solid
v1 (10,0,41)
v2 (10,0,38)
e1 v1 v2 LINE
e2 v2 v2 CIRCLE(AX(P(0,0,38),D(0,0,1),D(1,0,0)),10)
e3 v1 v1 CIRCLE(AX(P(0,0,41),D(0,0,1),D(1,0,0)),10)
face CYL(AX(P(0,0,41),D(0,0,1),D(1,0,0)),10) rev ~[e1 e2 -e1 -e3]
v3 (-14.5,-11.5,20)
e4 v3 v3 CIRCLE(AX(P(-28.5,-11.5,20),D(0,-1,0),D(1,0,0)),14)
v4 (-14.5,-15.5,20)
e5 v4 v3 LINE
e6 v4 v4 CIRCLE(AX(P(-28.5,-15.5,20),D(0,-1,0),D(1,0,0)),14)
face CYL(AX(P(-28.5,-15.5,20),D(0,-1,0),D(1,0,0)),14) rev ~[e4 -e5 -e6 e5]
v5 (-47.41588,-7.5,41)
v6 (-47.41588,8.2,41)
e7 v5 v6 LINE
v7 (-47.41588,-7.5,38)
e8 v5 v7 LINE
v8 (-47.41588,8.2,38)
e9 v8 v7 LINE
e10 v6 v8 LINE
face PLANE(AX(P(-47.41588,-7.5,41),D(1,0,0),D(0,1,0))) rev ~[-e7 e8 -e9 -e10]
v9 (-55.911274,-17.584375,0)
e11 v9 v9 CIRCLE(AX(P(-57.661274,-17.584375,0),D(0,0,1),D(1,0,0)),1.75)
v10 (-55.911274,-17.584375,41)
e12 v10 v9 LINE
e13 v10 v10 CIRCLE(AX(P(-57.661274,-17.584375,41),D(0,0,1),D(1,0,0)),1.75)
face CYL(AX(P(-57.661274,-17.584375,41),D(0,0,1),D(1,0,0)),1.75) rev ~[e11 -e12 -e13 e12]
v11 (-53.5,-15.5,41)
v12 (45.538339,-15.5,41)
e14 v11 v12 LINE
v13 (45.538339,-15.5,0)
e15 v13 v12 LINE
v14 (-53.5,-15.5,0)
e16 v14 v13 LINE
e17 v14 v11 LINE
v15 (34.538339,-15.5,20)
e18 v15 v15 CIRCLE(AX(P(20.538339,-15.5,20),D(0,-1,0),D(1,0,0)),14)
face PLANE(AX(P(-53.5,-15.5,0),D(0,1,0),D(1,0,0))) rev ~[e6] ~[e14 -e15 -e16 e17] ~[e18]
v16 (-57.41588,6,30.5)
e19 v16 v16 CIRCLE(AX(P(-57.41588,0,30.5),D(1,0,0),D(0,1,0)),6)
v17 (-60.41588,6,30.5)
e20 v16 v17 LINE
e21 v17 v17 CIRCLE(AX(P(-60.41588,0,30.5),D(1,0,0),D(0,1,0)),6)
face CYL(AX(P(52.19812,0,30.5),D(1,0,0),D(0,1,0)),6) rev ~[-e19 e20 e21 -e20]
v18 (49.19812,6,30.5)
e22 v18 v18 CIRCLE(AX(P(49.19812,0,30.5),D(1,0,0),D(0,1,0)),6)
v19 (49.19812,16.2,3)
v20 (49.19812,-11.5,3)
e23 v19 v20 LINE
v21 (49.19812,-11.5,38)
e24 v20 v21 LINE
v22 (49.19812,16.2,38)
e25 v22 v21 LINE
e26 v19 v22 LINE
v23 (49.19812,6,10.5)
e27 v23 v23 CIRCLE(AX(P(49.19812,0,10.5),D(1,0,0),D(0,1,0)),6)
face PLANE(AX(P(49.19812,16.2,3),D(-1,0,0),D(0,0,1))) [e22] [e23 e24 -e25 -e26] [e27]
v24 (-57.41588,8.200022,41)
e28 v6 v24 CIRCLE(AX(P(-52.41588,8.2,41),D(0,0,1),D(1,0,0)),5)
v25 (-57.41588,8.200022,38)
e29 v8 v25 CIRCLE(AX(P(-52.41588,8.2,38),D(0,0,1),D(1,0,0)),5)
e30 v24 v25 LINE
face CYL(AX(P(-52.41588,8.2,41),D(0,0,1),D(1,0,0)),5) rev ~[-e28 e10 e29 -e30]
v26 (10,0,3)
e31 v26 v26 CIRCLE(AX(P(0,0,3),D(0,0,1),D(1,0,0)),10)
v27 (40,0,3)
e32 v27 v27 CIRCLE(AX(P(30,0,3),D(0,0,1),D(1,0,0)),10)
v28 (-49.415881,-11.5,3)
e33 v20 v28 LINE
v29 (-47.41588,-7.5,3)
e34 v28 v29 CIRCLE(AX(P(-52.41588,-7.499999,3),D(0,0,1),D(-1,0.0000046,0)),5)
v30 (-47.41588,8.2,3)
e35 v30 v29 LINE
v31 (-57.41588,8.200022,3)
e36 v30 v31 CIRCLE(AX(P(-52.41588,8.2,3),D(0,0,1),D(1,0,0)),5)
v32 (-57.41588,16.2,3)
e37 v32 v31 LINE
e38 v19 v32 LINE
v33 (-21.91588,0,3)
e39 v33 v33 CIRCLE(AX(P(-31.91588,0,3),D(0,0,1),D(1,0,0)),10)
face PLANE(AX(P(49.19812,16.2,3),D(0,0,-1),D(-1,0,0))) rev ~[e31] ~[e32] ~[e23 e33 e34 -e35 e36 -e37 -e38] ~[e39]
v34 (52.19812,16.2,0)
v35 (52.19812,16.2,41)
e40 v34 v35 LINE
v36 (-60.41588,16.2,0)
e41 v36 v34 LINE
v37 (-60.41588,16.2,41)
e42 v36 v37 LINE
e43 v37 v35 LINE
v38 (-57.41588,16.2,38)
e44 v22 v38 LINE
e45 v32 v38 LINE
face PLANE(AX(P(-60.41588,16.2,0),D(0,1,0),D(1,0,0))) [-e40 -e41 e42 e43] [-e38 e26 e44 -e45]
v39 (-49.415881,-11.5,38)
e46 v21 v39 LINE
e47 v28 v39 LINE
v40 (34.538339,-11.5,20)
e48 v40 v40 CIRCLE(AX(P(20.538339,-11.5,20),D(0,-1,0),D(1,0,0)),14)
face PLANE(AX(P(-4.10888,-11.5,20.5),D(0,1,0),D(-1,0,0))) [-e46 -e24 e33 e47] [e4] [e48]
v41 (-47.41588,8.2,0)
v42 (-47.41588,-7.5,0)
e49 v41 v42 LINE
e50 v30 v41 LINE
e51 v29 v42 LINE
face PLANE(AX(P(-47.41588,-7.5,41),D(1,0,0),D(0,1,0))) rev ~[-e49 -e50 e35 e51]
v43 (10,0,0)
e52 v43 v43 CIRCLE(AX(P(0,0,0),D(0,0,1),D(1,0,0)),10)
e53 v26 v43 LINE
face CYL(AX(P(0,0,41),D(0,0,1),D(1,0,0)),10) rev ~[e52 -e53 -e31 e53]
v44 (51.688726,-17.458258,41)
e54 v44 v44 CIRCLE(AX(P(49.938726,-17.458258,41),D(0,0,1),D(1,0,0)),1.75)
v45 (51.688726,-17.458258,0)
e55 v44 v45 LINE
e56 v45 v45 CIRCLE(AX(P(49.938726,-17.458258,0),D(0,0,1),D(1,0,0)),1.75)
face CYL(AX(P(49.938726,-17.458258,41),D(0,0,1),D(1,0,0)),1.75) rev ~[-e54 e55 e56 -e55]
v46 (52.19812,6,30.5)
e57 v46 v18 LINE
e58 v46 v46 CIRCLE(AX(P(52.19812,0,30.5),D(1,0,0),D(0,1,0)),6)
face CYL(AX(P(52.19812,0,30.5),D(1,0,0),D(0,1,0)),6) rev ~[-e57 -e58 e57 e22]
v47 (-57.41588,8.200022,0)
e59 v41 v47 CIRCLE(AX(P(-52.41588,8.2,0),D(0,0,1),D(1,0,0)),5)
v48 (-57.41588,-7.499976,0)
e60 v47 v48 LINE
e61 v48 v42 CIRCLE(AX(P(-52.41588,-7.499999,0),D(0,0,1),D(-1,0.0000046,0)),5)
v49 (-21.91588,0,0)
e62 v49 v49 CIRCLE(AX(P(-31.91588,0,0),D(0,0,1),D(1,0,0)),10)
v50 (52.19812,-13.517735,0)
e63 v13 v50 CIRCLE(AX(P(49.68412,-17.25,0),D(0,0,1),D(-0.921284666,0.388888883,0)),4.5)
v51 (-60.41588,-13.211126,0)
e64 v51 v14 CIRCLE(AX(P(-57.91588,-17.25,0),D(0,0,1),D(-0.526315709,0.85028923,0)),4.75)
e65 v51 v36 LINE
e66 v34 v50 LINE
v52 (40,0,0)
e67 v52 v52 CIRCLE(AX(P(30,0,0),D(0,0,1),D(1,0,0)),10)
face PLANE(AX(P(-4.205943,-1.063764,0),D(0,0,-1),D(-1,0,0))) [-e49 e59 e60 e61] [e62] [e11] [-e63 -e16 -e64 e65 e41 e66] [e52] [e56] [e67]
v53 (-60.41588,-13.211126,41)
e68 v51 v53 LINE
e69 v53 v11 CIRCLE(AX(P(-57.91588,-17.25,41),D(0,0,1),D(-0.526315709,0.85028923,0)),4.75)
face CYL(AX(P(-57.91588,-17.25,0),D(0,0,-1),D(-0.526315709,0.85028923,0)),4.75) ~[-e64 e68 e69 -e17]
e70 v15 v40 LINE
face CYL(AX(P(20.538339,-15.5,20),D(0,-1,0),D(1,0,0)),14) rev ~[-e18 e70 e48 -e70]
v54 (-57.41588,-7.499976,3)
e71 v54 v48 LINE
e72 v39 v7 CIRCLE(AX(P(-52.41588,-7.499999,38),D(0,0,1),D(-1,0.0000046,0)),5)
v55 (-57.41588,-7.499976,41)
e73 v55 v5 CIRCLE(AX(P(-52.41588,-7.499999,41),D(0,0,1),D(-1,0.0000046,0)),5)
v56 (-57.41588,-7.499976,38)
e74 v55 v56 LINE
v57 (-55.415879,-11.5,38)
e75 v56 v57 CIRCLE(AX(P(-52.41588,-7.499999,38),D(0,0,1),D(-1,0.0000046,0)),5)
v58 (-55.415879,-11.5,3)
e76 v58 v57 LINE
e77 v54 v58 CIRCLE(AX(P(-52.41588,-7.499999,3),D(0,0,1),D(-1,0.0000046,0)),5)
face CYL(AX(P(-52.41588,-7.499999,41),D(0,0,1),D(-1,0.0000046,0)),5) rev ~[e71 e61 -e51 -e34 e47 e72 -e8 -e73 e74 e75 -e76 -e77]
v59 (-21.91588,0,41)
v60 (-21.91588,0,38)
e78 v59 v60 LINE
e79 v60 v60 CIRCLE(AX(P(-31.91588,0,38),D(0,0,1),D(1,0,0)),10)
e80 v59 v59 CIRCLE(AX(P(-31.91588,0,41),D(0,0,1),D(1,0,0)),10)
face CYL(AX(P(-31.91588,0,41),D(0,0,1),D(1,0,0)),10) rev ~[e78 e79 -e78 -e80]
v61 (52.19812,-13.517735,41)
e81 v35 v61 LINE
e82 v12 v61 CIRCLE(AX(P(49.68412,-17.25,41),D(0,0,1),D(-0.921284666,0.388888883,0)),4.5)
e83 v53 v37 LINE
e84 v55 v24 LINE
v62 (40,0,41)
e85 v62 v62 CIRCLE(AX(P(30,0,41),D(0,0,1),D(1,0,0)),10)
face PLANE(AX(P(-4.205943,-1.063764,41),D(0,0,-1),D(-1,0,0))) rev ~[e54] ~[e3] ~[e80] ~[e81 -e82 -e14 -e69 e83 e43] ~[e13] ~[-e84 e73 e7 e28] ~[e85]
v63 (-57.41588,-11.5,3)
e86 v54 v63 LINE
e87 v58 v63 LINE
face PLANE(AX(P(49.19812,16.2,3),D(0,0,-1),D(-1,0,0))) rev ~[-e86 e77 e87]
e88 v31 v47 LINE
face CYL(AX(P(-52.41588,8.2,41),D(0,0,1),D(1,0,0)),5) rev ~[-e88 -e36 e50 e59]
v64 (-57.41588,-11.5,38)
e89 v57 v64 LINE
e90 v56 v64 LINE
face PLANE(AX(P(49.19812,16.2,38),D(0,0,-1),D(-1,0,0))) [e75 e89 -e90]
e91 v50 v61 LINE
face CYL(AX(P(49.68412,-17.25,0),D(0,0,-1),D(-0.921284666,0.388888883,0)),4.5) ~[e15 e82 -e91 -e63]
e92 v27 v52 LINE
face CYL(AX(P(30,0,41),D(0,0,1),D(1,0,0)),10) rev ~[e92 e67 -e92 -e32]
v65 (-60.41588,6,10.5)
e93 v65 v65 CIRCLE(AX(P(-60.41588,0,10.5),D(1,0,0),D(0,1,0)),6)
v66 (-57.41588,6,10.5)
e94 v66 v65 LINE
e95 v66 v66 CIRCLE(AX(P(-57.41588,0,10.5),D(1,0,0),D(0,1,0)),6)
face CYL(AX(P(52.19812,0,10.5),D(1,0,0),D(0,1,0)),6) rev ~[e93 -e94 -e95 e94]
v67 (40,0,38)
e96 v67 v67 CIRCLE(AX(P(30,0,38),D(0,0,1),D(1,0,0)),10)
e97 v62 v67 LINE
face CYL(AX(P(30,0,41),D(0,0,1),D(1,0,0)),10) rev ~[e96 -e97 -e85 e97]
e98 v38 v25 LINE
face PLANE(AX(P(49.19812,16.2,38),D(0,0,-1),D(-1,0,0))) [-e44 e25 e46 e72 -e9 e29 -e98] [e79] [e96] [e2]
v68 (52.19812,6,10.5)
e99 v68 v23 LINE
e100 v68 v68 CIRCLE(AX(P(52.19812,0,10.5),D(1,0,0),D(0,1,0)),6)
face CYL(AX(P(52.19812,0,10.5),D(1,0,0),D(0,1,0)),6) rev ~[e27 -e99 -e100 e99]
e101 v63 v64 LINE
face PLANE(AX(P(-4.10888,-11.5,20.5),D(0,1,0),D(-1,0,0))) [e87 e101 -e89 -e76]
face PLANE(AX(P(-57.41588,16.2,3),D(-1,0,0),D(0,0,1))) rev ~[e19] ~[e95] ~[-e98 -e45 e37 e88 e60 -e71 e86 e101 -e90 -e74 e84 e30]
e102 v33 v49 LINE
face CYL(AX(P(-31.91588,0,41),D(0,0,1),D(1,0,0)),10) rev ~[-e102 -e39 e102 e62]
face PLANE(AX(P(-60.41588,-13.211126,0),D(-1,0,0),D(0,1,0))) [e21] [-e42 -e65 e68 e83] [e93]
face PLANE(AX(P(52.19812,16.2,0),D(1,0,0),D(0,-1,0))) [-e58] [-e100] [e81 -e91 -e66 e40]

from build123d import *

# Parameters (mm, degrees)
PAD_DEPTH       = 41
SKETCH001_W     = 106.614
SKETCH001_H     = 35
POCKET_DEPTH    = 27.7
SKETCH002_R     = 10
SKETCH002_R_2   = 1.75
POCKET001_DEPTH = 41.001
SKETCH003_R     = 14
POCKET002_DEPTH = 31.701
SKETCH004_R     = 6
POCKET003_DEPTH = 114.865


with BuildPart() as part:
    # Sketch → Pad (new body)
    with BuildSketch(Plane.XY):
        with BuildLine():
            Line((-60.41588, 16.2), (52.19812, 16.2))
            Line((52.19812, 16.2), (52.19812, -13.517735))
            ThreePointArc((45.538339, -15.5), (50.967872, -21.563001), (52.19812, -13.517735))
            Line((-53.5, -15.5), (45.538339, -15.5))
            ThreePointArc((-60.41588, -13.211126), (-59.408323, -21.759447), (-53.5, -15.5))
            Line((-60.41588, -13.211126), (-60.41588, 16.2))
        make_face()
    extrude(amount=PAD_DEPTH)

    # Sketch001 → Pocket (cut)
    with BuildSketch(Plane(origin=(0, 16.2, 0), x_dir=(-1, 0, 0), z_dir=(0, 1, 0))):
        with Locations((4.10888, 20.5)):
            Rectangle(SKETCH001_W, SKETCH001_H)
    extrude(amount=-POCKET_DEPTH, mode=Mode.SUBTRACT)

    # Sketch002 → Pocket001 (cut, through all)
    with BuildSketch(Plane.XY.offset(41)):
        with Locations((-31.91588, 0)):
            Circle(SKETCH002_R)
        Circle(SKETCH002_R)
        with Locations((30, 0)):
            Circle(SKETCH002_R)
        with Locations((49.938726, -17.458258)):
            Circle(SKETCH002_R_2)
        with Locations((-57.661274, -17.584375)):
            Circle(SKETCH002_R_2)
        with BuildLine():
            ThreePointArc((-57.41588, -7.499976), (-52.415893, -12.499999), (-47.41588, -7.5))
            Line((-47.41588, -7.5), (-47.41588, 8.2))
            ThreePointArc((-47.41588, 8.2), (-52.41587, 13.2), (-57.41588, 8.200022))
            Line((-57.41588, -7.499976), (-57.41588, 8.200022))
        make_face()
    extrude(amount=-POCKET001_DEPTH, mode=Mode.SUBTRACT)

    # Sketch003 → Pocket002 (cut, through all)
    with BuildSketch(Plane.XZ.offset(15.5)):
        with Locations((-28.5, 20)):
            Circle(SKETCH003_R)
        with Locations((20.538339, 20)):
            Circle(SKETCH003_R)
    extrude(amount=-POCKET002_DEPTH, mode=Mode.SUBTRACT)

    # Sketch004 → Pocket003 (cut, through all)
    with BuildSketch(Plane.YZ.offset(52.19812)):
        with Locations((0, 30.5)):
            Circle(SKETCH004_R)
        with Locations((0, 10.5)):
            Circle(SKETCH004_R)
    extrude(amount=-POCKET003_DEPTH, mode=Mode.SUBTRACT)


solid = part.part
